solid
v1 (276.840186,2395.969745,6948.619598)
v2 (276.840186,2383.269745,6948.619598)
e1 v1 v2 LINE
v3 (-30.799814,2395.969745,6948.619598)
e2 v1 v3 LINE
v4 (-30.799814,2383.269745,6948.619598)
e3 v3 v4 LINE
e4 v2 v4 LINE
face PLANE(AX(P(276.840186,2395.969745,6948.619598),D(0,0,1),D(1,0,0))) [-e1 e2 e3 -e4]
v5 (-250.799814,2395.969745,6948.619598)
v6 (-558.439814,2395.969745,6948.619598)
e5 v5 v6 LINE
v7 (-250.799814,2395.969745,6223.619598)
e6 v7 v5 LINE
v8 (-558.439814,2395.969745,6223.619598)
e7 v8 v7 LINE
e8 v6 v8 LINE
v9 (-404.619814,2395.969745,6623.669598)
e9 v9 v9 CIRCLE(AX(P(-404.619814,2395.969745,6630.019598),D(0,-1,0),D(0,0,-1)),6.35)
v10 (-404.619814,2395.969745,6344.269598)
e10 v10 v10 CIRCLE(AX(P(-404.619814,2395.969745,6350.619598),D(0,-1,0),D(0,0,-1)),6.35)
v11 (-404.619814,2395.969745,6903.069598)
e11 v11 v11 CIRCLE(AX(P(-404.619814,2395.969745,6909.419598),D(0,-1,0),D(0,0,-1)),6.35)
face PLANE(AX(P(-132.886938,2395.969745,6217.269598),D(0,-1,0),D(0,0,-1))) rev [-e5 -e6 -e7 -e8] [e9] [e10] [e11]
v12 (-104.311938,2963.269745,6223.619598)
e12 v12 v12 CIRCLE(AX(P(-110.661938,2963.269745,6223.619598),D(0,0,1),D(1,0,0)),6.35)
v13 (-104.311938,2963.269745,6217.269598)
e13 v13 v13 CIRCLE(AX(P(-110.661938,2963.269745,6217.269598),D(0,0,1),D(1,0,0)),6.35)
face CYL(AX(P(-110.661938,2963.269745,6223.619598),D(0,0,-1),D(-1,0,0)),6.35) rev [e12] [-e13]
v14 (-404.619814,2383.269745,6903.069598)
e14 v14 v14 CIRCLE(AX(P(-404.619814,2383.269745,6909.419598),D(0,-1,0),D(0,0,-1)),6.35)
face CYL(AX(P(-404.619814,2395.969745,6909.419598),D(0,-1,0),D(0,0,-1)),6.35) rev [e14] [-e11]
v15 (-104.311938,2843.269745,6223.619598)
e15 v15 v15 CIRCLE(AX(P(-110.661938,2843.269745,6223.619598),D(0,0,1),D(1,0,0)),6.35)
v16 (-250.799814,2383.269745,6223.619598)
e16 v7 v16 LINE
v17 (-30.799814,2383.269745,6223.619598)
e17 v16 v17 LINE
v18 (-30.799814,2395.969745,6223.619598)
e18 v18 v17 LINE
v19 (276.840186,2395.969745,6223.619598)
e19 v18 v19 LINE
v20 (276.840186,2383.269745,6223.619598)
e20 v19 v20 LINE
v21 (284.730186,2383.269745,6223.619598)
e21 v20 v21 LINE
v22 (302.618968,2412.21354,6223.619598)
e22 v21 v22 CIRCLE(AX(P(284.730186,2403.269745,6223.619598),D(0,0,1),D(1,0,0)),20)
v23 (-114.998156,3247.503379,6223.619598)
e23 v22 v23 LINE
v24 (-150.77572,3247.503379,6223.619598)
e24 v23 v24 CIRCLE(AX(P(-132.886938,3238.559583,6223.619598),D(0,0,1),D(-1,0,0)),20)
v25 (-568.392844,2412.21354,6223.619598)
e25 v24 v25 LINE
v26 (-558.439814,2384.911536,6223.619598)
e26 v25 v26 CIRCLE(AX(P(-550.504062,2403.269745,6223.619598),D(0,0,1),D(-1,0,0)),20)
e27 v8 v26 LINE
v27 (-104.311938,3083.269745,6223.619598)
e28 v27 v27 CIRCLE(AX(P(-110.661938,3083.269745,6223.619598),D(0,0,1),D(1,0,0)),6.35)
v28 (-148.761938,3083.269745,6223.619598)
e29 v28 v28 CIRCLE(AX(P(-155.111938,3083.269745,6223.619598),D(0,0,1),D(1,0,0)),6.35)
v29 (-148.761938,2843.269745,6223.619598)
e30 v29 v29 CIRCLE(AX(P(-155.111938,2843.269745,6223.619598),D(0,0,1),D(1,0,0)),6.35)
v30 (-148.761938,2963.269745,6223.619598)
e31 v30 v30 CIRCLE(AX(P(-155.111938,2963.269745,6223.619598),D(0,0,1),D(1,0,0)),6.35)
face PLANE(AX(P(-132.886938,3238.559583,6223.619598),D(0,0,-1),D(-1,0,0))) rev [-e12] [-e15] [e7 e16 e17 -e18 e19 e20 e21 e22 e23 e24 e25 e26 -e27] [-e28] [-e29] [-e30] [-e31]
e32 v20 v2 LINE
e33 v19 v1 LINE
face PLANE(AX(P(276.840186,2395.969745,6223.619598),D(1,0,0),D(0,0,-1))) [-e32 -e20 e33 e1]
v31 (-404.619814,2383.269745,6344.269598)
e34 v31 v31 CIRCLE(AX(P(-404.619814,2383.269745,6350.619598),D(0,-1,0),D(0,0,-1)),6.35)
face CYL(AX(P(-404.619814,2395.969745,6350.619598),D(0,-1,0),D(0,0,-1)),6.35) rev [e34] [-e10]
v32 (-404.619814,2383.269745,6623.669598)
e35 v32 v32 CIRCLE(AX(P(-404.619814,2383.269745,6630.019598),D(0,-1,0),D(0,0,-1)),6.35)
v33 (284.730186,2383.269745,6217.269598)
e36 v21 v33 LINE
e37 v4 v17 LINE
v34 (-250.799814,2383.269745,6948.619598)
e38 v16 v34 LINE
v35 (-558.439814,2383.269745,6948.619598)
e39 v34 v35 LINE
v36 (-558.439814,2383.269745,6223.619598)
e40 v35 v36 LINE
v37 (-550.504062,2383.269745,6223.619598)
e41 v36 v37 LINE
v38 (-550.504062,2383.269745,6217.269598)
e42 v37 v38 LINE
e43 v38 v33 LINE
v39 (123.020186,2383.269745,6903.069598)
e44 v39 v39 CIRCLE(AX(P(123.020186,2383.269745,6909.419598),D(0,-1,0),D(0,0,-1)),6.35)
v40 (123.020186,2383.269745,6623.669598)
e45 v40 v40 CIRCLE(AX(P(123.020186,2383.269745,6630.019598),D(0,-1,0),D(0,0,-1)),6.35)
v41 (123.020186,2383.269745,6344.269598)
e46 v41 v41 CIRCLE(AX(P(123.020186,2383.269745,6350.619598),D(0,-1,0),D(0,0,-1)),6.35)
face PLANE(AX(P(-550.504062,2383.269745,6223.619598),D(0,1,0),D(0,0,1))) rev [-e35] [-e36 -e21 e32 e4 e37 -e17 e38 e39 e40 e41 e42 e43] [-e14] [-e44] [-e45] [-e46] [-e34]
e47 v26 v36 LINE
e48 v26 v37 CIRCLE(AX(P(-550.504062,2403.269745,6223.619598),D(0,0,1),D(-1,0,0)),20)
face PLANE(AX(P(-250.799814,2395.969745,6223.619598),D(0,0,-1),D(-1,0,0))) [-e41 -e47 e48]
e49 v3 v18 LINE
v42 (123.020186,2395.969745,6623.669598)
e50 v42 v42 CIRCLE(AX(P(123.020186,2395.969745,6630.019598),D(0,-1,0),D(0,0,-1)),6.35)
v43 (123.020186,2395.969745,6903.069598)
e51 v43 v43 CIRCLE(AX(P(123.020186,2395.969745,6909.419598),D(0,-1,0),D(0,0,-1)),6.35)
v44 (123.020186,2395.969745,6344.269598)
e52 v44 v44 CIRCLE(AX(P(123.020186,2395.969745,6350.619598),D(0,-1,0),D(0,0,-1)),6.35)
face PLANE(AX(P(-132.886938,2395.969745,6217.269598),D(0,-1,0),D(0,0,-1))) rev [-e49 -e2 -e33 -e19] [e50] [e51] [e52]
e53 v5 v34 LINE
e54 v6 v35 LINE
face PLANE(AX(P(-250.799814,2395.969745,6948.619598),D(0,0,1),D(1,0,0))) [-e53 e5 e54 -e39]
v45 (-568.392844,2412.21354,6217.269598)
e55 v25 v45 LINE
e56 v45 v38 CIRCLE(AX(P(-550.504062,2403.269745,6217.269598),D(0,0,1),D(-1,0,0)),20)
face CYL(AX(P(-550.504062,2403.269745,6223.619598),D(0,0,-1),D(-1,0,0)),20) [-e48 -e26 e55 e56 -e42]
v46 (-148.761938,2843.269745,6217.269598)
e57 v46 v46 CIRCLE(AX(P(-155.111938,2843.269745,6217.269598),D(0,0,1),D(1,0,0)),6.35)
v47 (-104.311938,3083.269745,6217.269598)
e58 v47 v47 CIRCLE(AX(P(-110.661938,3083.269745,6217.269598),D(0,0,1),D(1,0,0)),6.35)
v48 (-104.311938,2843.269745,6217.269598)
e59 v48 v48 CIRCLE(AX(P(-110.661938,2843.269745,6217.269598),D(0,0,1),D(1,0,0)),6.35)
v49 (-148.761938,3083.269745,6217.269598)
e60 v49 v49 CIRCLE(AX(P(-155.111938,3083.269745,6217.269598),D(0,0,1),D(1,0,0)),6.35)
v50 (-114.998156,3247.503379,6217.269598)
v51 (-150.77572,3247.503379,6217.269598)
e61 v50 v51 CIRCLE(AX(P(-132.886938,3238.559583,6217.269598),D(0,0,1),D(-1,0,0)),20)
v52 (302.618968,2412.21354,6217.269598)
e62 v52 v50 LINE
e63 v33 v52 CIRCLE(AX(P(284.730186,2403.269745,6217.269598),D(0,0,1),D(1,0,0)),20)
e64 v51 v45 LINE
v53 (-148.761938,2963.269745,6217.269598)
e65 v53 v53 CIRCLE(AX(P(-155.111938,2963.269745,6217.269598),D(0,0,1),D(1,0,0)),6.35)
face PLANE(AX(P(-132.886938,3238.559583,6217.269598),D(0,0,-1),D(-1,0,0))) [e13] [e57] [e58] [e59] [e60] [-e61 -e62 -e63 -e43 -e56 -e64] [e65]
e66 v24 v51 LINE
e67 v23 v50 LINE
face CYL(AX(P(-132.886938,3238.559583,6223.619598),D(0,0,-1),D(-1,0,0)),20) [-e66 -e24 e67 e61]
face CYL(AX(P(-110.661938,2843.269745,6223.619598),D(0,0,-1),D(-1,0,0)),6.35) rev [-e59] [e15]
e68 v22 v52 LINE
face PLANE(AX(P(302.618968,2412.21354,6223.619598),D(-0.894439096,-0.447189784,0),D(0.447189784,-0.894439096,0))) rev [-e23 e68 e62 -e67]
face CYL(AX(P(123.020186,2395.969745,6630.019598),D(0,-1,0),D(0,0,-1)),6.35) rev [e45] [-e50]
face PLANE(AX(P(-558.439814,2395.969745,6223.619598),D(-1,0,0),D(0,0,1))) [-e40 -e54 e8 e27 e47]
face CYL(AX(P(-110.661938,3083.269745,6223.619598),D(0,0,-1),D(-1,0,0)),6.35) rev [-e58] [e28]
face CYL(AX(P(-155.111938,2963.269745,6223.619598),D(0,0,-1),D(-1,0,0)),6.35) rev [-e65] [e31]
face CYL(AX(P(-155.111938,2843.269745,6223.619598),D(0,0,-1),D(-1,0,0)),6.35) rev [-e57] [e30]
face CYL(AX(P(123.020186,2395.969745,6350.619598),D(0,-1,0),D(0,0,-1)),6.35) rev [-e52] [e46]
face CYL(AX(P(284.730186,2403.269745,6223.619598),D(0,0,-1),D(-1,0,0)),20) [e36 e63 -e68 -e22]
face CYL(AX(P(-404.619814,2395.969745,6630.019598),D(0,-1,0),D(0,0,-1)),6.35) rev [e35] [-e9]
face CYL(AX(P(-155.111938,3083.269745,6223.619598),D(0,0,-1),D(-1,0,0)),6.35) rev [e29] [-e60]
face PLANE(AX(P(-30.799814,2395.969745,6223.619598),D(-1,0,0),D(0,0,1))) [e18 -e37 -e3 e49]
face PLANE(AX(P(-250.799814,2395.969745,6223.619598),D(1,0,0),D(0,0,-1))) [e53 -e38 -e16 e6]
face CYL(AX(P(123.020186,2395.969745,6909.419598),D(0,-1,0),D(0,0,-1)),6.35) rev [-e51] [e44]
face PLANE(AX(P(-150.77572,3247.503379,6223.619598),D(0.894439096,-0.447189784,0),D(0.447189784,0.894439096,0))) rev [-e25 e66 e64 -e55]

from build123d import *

# Parameters (mm, degrees)
SKETCH1_R           = 161.29
BOSS_EXTRUDE2_DEPTH = 161.29
SKETCH2_W           = 7814.056
SKETCH2_H           = 18415
SKETCH2_R           = 161.29
BOSS_EXTRUDE3_DEPTH = 322.58
SCALE1_SCALE        = 0.039370079


with BuildPart() as part:
    # Sketch1 → Boss-Extrude2 (new body)
    with BuildSketch(Plane.XY):
        with BuildLine():
            Line((-454.375060891, 21951.534316097), (-11061.850005226, 735.172410385))
            ThreePointArc((-11061.850005226, 735.172410385), (-11039.602, 240.922843055), (-10607.474944335, 0))
            Line((-10607.474944335, 0), (10607.474944335, 0))
            ThreePointArc((10607.474944335, 0), (11039.602, 240.922843055), (11061.850005226, 735.172410385))
            Line((11061.850005226, 735.172410385), (454.375060891, 21951.534316097))
            ThreePointArc((454.375060891, 21951.534316097), (0, 22232.361905711), (-454.375060891, 21951.534316097))
        make_face()
        with Locations((-564.515, 11684)):
            Circle(SKETCH1_R, mode=Mode.SUBTRACT)
        with Locations((-564.515, 14732)):
            Circle(SKETCH1_R, mode=Mode.SUBTRACT)
        with Locations((-564.515, 17780)):
            Circle(SKETCH1_R, mode=Mode.SUBTRACT)
        with Locations((564.515, 17780)):
            Circle(SKETCH1_R, mode=Mode.SUBTRACT)
        with Locations((564.515, 14732)):
            Circle(SKETCH1_R, mode=Mode.SUBTRACT)
        with Locations((564.515, 11684)):
            Circle(SKETCH1_R, mode=Mode.SUBTRACT)
    extrude(amount=BOSS_EXTRUDE2_DEPTH)

    # Sketch2 → Boss-Extrude3 (add)
    # profile 1 of 2: a face of its own
    with BuildSketch(Plane(origin=(0, 0, 0), x_dir=(-1, 0, 0), z_dir=(0, -1, 0))):
        with Locations((-6500.040944335, -9368.79)):
            Rectangle(SKETCH2_W, SKETCH2_H)
        with Locations(Location((-6500.040944335, -17580.61, 0), (0, 0, 90))):
            Circle(SKETCH2_R, mode=Mode.SUBTRACT)
        with Locations(Location((-6500.040944335, -10483.85, 0), (0, 0, 90))):
            Circle(SKETCH2_R, mode=Mode.SUBTRACT)
        with Locations(Location((-6500.040944335, -3387.09, 0), (0, 0, 90))):
            Circle(SKETCH2_R, mode=Mode.SUBTRACT)
    # profile 2 of 2: a face of its own
    with BuildSketch(Plane(origin=(0, 0, 0), x_dir=(-1, 0, 0), z_dir=(0, -1, 0))):
        with Locations((6902.015055665, -9368.79)):
            Rectangle(SKETCH2_W, SKETCH2_H)
        with Locations(Location((6902.015055665, -3387.09, 0), (0, 0, 90))):
            Circle(SKETCH2_R, mode=Mode.SUBTRACT)
        with Locations(Location((6902.015055665, -10483.85, 0), (0, 0, 90))):
            Circle(SKETCH2_R, mode=Mode.SUBTRACT)
        with Locations(Location((6902.015055665, -17580.61, 0), (0, 0, 90))):
            Circle(SKETCH2_R, mode=Mode.SUBTRACT)
    extrude(amount=-BOSS_EXTRUDE3_DEPTH)


with BuildPart() as part_1:
    # Scale1: scaled about (-138.333124058, 2480.944734198, 6472.075728879)
    add(part.part.scale(SCALE1_SCALE).moved(Location((-132.886938071, 2383.269744663, 6217.269597821))))


solid = part_1.part
